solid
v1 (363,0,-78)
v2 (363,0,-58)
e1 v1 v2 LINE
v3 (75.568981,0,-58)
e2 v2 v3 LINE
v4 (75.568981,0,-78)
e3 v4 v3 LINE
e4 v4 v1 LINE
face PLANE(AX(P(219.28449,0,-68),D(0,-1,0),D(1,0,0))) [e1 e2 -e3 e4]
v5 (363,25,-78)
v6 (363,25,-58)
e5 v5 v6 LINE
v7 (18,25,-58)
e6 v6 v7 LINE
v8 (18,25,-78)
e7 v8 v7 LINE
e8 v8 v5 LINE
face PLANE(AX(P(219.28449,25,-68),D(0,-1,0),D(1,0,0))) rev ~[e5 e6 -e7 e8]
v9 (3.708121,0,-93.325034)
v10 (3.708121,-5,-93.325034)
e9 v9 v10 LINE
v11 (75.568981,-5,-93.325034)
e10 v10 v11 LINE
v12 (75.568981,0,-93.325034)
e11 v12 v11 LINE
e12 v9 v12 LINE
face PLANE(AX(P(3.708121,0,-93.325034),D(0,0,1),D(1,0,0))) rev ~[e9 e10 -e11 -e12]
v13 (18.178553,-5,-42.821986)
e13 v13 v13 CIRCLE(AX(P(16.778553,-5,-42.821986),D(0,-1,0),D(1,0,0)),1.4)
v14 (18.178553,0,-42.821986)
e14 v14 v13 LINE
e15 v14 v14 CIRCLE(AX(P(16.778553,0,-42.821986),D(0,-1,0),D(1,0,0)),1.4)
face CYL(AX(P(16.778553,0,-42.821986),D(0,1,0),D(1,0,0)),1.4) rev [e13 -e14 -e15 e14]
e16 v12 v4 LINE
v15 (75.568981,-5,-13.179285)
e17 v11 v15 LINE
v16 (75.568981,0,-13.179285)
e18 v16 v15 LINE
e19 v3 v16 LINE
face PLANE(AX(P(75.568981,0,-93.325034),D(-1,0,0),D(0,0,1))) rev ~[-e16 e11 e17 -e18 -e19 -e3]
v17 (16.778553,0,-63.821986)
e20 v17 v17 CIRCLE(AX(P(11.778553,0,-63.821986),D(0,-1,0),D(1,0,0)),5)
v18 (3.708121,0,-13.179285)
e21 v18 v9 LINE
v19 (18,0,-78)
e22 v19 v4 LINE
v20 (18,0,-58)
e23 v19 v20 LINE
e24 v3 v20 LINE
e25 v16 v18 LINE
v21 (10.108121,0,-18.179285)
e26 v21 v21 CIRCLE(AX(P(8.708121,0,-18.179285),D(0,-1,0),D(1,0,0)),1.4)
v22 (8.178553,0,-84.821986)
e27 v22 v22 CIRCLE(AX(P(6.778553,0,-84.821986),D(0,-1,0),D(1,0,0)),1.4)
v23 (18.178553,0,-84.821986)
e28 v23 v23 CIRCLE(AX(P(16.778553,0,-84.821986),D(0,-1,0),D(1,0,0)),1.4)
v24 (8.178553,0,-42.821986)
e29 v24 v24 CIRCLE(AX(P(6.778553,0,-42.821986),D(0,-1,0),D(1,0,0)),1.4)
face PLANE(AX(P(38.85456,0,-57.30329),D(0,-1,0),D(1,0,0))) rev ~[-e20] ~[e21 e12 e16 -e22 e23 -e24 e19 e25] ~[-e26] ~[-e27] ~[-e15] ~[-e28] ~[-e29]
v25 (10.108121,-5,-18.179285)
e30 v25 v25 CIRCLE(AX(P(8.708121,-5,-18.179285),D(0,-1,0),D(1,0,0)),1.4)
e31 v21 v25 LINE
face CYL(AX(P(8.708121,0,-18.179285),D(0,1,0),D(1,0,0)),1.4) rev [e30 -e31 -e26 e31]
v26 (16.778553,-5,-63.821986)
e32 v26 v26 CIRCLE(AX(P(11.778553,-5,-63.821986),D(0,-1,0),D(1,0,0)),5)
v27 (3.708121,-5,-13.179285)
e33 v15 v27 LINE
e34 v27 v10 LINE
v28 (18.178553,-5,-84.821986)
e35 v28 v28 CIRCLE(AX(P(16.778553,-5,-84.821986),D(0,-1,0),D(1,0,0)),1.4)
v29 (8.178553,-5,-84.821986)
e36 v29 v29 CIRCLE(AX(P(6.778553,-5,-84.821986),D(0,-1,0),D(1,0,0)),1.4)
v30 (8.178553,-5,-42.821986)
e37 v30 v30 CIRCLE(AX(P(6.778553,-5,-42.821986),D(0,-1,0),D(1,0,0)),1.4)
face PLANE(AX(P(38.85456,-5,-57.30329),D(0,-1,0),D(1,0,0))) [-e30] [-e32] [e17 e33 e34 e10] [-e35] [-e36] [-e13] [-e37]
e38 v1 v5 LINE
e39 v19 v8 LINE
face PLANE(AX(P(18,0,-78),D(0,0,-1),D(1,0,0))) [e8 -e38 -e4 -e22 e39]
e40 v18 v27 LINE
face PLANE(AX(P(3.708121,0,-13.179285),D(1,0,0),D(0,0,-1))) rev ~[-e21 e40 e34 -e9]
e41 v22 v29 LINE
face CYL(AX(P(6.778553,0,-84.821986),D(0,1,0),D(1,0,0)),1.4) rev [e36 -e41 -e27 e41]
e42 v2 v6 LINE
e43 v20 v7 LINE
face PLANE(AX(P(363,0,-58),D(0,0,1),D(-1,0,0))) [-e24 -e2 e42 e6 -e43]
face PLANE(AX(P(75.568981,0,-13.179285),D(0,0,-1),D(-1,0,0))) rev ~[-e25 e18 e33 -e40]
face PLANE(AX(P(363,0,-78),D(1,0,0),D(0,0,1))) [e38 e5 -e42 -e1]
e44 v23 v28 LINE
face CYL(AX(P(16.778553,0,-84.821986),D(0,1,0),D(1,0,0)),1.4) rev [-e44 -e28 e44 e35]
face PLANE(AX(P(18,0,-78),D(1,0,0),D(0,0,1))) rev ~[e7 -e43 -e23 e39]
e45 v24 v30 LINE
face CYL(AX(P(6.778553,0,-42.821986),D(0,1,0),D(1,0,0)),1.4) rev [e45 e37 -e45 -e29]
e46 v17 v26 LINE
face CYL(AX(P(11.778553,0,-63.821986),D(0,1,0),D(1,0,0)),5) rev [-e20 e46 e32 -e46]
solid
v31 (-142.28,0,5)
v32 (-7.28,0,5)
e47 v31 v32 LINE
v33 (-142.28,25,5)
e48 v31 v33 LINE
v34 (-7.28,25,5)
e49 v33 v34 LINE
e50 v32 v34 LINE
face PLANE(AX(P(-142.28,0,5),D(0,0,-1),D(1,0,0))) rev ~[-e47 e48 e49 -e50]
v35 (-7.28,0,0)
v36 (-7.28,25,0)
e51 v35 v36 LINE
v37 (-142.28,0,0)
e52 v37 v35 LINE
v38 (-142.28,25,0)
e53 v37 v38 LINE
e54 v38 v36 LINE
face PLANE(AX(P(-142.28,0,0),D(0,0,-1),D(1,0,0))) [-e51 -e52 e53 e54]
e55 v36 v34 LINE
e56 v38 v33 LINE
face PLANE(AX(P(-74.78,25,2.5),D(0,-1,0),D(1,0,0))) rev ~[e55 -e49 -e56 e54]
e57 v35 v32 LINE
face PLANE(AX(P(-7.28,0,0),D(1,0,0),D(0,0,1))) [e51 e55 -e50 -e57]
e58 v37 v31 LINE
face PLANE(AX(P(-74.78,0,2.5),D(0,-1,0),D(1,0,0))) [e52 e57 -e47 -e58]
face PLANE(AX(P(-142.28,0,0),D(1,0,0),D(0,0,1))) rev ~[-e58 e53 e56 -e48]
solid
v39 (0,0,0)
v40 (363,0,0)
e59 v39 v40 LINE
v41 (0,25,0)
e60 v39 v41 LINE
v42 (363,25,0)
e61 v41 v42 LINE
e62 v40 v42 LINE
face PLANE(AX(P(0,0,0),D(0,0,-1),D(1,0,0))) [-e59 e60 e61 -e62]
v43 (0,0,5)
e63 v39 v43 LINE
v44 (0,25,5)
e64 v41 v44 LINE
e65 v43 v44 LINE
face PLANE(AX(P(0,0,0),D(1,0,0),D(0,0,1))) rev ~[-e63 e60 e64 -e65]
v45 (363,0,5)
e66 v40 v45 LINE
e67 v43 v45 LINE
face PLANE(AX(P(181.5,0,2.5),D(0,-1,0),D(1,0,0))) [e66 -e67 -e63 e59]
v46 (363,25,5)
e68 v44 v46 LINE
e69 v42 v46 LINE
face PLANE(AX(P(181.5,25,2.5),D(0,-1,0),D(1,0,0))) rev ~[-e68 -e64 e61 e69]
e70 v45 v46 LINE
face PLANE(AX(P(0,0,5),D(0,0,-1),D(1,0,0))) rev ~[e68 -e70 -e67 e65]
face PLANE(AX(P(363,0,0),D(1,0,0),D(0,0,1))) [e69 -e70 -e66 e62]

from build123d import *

# Parameters (mm, degrees)
F0_R     = 1.4
F0_R_2   = 5
F0_W     = 20
F0_H     = 20
F0_W_2   = 37.5689805374
F1_DEPTH = 5
F0_W_3   = 135
F0_H_2   = 5
F2_DEPTH = 25
F0_W_4   = 363
F0_W_5   = 287.4310194626


with BuildPart() as f1:
    # F0 (on Front) → F1 (new body)
    with BuildSketch(Plane.XZ):
        Polygon((75.5689805374, -78), (38, -78), (18, -78), (18, -58), (38, -58), (75.5689805374, -58), (75.5689805374, -13.1792854732), (3.7081205519, -13.1792854732), (3.7081205519, -93.3250336647), (75.5689805374, -93.3250336647), align=None)
        with Locations((6.7785530165, -84.8219863176)):
            Circle(F0_R, mode=Mode.SUBTRACT)
        with Locations((16.7785530165, -84.8219863176)):
            Circle(F0_R, mode=Mode.SUBTRACT)
        with Locations((11.7785530165, -63.8219863176)):
            Circle(F0_R_2, mode=Mode.SUBTRACT)
        with Locations((6.7785530165, -42.8219863176)):
            Circle(F0_R, mode=Mode.SUBTRACT)
        with Locations((16.7785530165, -42.8219863176)):
            Circle(F0_R, mode=Mode.SUBTRACT)
        with Locations((8.7081205519, -18.1792854732)):
            Circle(F0_R, mode=Mode.SUBTRACT)
        with Locations((28, -68)):
            Rectangle(F0_W, F0_H)
        with Locations((56.7844902687, -68)):
            Rectangle(F0_W_2, F0_H)
    extrude(amount=F1_DEPTH)

    # F0 (on Front) → F2, piece 3 (join)
    with BuildSketch(Plane.XZ):
        with Locations((219.2844902687, -68)):
            Rectangle(F0_W_5, F0_H)
        with Locations((56.7844902687, -68)):
            Rectangle(F0_W_2, F0_H)
        with Locations((28, -68)):
            Rectangle(F0_W, F0_H)
    extrude(amount=-F2_DEPTH)


with BuildPart() as f2:
    # F0 (on Front) → F2 (new body)
    with BuildSketch(Plane.XZ):
        with Locations((-74.78, 2.5)):
            Rectangle(F0_W_3, F0_H_2)
    extrude(amount=-F2_DEPTH)


with BuildPart() as f2b:
    # F0 (on Front) → F2, piece 2 (new body)
    with BuildSketch(Plane.XZ):
        with Locations((181.5, 2.5)):
            Rectangle(F0_W_4, F0_H_2)
    extrude(amount=-F2_DEPTH)


solid = Compound([f1.part, f2.part, f2b.part])
